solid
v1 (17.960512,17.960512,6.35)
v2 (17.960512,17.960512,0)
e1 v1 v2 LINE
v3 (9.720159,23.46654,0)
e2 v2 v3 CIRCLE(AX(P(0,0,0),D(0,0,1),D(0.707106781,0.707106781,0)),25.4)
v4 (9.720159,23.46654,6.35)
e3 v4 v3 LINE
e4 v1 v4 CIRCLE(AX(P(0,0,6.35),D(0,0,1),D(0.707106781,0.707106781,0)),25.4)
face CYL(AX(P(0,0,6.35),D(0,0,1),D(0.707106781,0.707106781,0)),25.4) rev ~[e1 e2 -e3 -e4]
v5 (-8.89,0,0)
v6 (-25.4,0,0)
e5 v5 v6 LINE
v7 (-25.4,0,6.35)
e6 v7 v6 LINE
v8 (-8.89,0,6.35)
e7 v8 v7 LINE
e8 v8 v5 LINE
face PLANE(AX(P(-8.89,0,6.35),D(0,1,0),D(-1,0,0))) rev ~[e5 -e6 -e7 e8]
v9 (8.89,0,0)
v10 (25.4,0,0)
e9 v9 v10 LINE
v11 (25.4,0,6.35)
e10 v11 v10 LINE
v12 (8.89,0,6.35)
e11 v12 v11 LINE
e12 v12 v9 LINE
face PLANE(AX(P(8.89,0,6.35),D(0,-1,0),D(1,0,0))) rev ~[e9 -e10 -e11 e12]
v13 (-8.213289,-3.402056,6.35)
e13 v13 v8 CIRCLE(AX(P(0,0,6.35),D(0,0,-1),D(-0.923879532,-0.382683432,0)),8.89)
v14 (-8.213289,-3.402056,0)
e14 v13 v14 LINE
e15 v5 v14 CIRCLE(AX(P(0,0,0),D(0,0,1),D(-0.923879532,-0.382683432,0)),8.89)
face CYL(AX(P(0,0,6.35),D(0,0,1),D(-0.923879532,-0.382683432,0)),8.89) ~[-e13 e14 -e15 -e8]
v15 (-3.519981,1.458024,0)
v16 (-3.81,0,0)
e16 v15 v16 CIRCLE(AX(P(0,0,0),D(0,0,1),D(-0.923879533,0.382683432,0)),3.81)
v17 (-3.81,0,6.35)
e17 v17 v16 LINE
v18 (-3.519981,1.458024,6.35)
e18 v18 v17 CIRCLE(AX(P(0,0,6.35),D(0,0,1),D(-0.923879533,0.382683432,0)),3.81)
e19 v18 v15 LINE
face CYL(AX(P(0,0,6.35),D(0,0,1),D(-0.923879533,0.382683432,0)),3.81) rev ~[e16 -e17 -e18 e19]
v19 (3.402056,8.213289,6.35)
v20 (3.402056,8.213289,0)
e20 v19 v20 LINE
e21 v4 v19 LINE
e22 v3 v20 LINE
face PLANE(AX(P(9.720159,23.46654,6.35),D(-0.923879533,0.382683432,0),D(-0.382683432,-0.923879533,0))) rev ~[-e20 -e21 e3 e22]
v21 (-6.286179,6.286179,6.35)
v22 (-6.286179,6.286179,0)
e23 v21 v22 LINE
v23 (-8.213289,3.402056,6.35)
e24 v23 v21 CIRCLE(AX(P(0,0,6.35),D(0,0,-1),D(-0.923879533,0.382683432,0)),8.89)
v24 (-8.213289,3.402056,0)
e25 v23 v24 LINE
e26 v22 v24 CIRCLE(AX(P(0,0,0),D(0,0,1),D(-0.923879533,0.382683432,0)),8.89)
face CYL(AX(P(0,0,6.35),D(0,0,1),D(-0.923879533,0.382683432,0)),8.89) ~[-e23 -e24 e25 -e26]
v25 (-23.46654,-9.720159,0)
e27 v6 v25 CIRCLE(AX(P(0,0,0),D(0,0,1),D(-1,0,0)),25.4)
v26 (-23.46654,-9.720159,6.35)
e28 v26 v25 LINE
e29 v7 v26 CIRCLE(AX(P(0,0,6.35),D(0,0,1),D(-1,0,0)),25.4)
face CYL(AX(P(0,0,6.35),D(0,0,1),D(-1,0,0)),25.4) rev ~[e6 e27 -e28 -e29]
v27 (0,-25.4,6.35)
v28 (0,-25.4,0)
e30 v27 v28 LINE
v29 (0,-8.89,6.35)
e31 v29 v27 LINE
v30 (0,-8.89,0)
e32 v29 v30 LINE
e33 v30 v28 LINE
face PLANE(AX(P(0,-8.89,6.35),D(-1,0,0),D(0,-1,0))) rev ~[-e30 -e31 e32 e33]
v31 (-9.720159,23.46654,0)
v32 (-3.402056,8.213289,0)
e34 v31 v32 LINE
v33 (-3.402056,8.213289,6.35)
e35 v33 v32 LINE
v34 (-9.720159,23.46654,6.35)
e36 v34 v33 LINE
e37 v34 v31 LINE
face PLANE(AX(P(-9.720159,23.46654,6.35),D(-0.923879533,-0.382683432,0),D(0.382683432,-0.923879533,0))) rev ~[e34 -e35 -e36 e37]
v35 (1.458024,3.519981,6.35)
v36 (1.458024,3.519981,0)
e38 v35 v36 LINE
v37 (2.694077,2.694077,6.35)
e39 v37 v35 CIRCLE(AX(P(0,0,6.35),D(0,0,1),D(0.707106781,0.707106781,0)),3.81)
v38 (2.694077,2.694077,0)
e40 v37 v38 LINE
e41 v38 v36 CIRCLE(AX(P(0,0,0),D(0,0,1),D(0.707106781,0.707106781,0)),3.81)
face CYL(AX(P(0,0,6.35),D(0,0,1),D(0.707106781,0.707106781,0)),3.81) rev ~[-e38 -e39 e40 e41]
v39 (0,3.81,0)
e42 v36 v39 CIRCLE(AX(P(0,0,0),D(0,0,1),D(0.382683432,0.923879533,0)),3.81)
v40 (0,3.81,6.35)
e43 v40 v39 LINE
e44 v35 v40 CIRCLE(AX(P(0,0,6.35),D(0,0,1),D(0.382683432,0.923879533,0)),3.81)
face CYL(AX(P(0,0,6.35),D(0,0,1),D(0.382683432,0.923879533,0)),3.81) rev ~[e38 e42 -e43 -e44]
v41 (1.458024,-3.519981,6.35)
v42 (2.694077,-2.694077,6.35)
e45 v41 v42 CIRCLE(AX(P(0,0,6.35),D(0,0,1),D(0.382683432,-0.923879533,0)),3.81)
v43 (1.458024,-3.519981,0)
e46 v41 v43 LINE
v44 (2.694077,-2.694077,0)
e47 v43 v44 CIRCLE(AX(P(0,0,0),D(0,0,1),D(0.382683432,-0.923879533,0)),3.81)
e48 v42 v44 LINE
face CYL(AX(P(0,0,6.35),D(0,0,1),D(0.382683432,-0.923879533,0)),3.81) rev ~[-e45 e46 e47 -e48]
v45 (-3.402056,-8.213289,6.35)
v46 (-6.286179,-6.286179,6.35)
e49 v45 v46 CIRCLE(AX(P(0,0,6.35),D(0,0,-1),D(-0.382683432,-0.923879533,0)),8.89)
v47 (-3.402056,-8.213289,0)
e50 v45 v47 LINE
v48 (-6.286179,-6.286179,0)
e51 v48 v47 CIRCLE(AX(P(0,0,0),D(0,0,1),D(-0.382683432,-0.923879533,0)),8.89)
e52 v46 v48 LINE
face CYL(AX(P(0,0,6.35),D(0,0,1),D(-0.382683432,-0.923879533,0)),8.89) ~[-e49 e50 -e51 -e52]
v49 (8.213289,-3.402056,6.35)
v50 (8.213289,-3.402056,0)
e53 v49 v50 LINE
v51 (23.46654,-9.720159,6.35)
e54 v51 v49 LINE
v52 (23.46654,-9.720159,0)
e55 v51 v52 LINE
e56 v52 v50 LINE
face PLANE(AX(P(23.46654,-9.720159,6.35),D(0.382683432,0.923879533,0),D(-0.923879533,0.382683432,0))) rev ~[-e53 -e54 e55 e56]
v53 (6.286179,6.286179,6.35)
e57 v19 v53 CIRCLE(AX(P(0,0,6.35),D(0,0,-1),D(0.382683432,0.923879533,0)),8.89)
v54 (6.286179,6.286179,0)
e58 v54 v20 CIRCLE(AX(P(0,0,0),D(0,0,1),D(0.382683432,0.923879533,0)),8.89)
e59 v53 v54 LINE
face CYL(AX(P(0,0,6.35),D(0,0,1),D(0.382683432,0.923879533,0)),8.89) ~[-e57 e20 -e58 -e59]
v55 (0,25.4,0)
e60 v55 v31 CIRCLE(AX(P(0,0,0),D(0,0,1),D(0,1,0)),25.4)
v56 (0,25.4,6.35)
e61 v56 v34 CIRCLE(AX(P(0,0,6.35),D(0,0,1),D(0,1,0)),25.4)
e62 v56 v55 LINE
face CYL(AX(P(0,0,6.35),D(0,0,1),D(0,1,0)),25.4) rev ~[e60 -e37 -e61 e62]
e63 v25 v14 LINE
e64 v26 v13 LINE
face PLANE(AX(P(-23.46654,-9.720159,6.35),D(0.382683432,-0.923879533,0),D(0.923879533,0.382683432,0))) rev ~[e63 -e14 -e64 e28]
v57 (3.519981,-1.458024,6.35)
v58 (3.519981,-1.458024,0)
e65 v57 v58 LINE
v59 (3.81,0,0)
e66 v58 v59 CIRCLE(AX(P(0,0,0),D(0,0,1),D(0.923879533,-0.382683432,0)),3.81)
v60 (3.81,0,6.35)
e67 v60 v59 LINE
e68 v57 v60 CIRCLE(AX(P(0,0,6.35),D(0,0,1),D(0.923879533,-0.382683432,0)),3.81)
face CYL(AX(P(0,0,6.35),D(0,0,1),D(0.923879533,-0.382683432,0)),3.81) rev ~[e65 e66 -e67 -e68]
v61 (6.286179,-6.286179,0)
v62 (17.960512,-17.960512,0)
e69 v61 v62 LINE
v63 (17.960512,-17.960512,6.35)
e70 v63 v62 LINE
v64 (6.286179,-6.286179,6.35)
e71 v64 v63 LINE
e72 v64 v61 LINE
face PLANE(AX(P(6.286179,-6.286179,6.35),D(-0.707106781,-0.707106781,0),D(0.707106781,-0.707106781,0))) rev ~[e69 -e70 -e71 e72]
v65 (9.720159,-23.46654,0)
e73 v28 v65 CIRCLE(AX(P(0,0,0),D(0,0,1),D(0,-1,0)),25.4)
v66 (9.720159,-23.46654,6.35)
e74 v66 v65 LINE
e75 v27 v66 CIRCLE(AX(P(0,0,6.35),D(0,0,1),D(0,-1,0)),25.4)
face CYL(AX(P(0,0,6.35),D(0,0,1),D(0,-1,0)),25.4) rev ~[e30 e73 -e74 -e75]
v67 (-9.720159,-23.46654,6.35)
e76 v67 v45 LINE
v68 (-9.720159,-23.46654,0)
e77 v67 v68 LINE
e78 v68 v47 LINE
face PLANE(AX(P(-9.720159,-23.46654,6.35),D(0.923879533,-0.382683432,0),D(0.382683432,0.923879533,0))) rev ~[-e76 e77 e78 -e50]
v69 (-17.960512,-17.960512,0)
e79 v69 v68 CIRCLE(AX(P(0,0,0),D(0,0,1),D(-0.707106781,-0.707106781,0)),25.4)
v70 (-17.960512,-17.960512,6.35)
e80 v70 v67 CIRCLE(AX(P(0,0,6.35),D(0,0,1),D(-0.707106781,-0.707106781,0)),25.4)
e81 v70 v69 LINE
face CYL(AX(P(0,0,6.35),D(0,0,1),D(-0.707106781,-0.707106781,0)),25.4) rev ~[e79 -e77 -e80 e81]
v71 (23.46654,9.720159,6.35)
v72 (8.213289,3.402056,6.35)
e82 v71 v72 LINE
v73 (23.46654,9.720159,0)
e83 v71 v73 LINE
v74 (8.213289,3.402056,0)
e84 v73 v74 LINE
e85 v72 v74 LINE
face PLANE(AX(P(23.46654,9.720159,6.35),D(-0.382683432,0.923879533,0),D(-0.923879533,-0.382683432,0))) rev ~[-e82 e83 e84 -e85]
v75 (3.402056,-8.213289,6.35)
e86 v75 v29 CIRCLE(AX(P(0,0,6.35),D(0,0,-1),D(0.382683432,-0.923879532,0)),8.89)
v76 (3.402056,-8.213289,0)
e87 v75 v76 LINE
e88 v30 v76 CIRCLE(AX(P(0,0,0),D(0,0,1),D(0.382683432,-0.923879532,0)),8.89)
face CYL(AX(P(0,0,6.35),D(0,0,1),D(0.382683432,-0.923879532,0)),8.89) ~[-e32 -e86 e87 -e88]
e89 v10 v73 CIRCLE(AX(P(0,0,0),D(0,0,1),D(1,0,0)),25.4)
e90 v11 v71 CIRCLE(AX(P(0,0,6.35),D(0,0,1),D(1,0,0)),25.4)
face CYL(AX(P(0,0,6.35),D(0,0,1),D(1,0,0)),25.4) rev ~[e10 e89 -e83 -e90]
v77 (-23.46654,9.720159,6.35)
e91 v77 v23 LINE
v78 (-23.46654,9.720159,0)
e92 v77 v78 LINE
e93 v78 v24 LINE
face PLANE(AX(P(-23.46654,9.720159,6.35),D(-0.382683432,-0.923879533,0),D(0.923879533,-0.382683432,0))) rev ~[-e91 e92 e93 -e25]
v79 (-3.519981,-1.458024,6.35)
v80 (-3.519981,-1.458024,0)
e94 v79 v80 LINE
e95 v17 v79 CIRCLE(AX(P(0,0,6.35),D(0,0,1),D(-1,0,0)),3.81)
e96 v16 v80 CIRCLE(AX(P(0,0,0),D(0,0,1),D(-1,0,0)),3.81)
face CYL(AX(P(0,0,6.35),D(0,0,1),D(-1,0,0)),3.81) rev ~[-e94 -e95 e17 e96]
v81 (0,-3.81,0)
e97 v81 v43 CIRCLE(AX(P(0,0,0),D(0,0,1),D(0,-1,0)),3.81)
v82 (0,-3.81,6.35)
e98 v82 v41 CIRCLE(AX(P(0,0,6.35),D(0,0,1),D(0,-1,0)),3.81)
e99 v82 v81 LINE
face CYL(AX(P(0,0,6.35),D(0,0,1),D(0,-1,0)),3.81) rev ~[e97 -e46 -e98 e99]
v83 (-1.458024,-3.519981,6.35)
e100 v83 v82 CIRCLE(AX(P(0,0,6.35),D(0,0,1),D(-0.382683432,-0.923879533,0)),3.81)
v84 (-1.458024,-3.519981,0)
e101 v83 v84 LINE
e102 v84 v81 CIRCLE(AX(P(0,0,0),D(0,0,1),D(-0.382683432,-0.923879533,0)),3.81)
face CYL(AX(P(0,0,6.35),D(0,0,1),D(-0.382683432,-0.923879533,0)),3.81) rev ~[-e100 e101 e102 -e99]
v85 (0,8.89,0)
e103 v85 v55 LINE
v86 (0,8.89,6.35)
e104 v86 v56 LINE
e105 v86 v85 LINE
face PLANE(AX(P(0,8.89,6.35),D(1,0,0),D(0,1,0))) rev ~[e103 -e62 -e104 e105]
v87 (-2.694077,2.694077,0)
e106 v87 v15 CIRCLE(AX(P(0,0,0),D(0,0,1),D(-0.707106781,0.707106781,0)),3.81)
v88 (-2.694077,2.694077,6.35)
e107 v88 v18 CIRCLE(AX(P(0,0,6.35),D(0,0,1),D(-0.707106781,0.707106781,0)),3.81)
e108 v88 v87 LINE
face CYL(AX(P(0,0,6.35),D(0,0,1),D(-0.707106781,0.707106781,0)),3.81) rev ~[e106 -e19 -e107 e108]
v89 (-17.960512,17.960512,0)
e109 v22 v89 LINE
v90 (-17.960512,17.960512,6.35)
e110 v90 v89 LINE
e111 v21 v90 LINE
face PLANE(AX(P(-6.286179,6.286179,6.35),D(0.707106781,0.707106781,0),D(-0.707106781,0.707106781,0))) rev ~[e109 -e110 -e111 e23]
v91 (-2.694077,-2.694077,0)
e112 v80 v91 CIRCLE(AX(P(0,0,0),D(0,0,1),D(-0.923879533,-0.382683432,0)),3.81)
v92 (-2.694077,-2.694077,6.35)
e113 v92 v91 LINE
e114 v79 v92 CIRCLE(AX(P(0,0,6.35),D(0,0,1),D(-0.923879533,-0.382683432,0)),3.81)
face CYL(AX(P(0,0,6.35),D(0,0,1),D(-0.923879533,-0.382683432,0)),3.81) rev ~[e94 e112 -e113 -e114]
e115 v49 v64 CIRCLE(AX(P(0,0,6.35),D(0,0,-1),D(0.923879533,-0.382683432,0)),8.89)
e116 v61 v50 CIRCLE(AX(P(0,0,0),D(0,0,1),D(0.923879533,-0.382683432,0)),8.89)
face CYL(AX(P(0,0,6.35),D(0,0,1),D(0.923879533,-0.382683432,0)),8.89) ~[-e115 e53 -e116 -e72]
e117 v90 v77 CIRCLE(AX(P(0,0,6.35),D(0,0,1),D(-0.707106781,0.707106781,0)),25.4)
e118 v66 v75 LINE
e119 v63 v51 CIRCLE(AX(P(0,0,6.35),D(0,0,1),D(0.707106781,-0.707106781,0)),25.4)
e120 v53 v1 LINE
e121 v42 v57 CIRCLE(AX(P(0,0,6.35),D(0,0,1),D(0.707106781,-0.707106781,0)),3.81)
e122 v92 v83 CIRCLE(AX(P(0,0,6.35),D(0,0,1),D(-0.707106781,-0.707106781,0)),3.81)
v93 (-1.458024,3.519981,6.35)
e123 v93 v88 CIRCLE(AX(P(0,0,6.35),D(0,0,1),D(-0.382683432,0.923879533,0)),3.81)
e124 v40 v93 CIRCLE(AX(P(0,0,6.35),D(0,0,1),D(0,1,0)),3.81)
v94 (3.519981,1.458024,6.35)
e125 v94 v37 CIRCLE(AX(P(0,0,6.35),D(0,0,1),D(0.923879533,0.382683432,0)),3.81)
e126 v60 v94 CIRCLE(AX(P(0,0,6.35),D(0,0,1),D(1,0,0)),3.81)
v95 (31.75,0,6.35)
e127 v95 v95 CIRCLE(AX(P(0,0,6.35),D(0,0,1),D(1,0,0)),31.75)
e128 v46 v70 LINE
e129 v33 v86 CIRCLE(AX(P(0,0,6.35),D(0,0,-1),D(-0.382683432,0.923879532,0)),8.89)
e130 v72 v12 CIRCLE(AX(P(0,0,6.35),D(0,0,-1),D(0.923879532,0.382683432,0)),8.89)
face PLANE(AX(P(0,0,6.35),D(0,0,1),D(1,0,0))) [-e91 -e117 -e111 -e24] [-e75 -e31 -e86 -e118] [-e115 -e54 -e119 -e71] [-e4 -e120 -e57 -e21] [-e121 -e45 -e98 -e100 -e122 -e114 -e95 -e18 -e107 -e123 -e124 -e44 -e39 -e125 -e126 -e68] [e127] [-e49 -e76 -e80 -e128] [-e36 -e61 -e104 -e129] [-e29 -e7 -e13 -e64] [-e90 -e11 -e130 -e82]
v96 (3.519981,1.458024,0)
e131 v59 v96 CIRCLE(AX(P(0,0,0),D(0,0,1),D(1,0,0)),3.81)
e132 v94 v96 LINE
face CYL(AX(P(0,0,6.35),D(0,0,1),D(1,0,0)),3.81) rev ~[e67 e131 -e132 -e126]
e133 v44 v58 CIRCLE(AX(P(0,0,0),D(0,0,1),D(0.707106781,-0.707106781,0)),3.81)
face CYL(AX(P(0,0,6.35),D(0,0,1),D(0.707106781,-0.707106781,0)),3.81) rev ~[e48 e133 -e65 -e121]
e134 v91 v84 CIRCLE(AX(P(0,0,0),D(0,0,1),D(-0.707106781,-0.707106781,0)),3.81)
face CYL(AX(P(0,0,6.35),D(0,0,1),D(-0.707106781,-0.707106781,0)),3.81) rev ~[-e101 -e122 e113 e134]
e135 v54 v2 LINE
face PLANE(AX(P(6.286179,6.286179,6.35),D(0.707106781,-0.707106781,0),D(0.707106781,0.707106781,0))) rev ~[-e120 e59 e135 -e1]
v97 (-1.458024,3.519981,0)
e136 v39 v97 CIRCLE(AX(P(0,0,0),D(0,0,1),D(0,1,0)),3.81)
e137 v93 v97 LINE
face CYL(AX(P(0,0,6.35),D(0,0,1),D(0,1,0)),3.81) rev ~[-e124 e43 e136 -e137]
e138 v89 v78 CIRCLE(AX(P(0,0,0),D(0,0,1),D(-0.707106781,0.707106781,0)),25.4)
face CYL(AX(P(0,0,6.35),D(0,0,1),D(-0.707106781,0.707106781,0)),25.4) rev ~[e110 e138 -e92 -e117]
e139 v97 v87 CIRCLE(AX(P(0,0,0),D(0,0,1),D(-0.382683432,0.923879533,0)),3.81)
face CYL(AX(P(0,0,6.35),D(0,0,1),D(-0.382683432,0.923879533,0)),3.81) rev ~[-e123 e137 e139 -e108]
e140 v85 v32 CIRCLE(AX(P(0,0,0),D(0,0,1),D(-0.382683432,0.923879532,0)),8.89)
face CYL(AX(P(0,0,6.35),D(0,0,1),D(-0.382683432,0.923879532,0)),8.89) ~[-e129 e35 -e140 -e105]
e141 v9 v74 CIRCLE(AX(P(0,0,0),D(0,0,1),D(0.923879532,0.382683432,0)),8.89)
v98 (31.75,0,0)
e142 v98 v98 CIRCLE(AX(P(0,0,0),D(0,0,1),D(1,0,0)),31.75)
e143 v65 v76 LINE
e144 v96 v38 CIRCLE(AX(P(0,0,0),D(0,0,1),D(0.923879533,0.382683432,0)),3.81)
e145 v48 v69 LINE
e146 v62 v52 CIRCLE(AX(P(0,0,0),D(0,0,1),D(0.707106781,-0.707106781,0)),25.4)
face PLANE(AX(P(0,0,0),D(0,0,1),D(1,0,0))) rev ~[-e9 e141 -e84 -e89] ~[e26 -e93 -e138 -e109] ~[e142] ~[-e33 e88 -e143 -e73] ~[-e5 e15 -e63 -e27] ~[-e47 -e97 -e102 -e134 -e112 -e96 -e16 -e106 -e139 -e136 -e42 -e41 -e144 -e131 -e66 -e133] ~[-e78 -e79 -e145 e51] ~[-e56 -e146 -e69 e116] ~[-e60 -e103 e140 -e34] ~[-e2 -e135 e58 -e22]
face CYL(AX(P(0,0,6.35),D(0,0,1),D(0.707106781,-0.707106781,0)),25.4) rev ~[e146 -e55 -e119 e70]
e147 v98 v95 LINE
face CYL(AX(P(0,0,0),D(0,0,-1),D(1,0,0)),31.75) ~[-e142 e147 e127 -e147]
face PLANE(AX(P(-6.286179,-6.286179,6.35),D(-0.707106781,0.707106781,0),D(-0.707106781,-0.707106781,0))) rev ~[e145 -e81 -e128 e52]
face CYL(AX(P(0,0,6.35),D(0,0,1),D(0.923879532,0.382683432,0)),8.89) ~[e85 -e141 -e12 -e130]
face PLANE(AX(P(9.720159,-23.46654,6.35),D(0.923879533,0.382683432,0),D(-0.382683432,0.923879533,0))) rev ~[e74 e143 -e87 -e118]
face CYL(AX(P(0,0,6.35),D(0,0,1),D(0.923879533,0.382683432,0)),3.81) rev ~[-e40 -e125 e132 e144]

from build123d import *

# Parameters (mm, degrees)
F0_R     = 31.75
F1_DEPTH = 6.35
F3_DEPTH = 25.4


with BuildPart() as f1:
    # F0 (on Top) → F1 (new body)
    with BuildSketch(Plane.XY):
        Circle(F0_R)
    extrude(amount=F1_DEPTH)

    # F2 (on face) → F3 (cut)
    with BuildSketch(Plane.XY.offset(6.35)):
        with BuildLine():
            Line((-1.4580238773, 3.5199810189), (0, 0))
            Line((0, 0), (0, 3.81))
            ThreePointArc((0, 3.81), (-0.7432941269, 3.7367919183), (-1.4580238773, 3.5199810189))
        make_face()
        with BuildLine():
            ThreePointArc((3.5199810189, -1.4580238773), (3.7367919183, -0.7432941269), (3.81, 0))
            Line((3.81, 0), (0, 0))
            Line((0, 0), (3.5199810189, -1.4580238773))
        make_face()
        with BuildLine():
            Line((1.4580238773, -3.5199810189), (0, 0))
            Line((0, 0), (0, -3.81))
            ThreePointArc((0, -3.81), (0.7432941269, -3.7367919183), (1.4580238773, -3.5199810189))
        make_face()
        with BuildLine():
            Line((-3.5199810189, -1.4580238773), (0, 0))
            Line((0, 0), (-3.81, 0))
            ThreePointArc((-3.81, 0), (-3.7367919183, -0.7432941269), (-3.5199810189, -1.4580238773))
        make_face()
        with BuildLine():
            Line((-3.81, 0), (0, 0))
            Line((0, 0), (-3.5199810189, 1.4580238773))
            ThreePointArc((-3.5199810189, 1.4580238773), (-3.7367919183, 0.7432941269), (-3.81, 0))
        make_face()
        with BuildLine():
            Line((0, 0), (3.81, 0))
            ThreePointArc((3.81, 0), (3.7367919183, 0.7432941269), (3.5199810189, 1.4580238773))
            Line((3.5199810189, 1.4580238773), (0, 0))
        make_face()
        with BuildLine():
            Line((0, 0), (3.5199810189, 1.4580238773))
            ThreePointArc((3.5199810189, 1.4580238773), (3.1678992229, 2.1167225878), (2.6940768363, 2.6940768363))
            Line((2.6940768363, 2.6940768363), (0, 0))
        make_face()
        with BuildLine():
            Line((1.4580238773, 3.5199810189), (0, 0))
            Line((0, 0), (2.6940768363, 2.6940768363))
            ThreePointArc((2.6940768363, 2.6940768363), (2.1167225878, 3.1678992229), (1.4580238773, 3.5199810189))
        make_face()
        with BuildLine():
            Line((0, 3.81), (0, 0))
            Line((0, 0), (1.4580238773, 3.5199810189))
            ThreePointArc((1.4580238773, 3.5199810189), (0.7432941269, 3.7367919183), (0, 3.81))
        make_face()
        with BuildLine():
            Line((-2.6940768363, 2.6940768363), (0, 0))
            Line((0, 0), (-1.4580238773, 3.5199810189))
            ThreePointArc((-1.4580238773, 3.5199810189), (-2.1167225878, 3.1678992229), (-2.6940768363, 2.6940768363))
        make_face()
        with BuildLine():
            Line((-3.5199810189, 1.4580238773), (0, 0))
            Line((0, 0), (-2.6940768363, 2.6940768363))
            ThreePointArc((-2.6940768363, 2.6940768363), (-3.1678992229, 2.1167225878), (-3.5199810189, 1.4580238773))
        make_face()
        with BuildLine():
            Line((-1.4580238773, -3.5199810189), (0, 0))
            Line((0, 0), (-2.6940768363, -2.6940768363))
            ThreePointArc((-2.6940768363, -2.6940768363), (-2.1167225878, -3.1678992229), (-1.4580238773, -3.5199810189))
        make_face()
        with BuildLine():
            Line((-2.6940768363, -2.6940768363), (0, 0))
            Line((0, 0), (-3.5199810189, -1.4580238773))
            ThreePointArc((-3.5199810189, -1.4580238773), (-3.1678992229, -2.1167225878), (-2.6940768363, -2.6940768363))
        make_face()
        with BuildLine():
            ThreePointArc((2.6940768363, -2.6940768363), (3.1678992229, -2.1167225878), (3.5199810189, -1.4580238773))
            Line((3.5199810189, -1.4580238773), (0, 0))
            Line((0, 0), (2.6940768363, -2.6940768363))
        make_face()
        with BuildLine():
            Line((2.6940768363, -2.6940768363), (0, 0))
            Line((0, 0), (1.4580238773, -3.5199810189))
            ThreePointArc((1.4580238773, -3.5199810189), (2.1167225878, -3.1678992229), (2.6940768363, -2.6940768363))
        make_face()
        with BuildLine():
            Line((0, -3.81), (0, 0))
            Line((0, 0), (-1.4580238773, -3.5199810189))
            ThreePointArc((-1.4580238773, -3.5199810189), (-0.7432941269, -3.7367919183), (0, -3.81))
        make_face()
        with BuildLine():
            ThreePointArc((-3.4020557137, 8.213289044), (-1.7343529627, 8.7191811428), (0, 8.89))
            Line((0, 8.89), (0, 25.4))
            ThreePointArc((0, 25.4), (-4.9552941792, 24.9119461222), (-9.7201591821, 23.4665401258))
            Line((-9.7201591821, 23.4665401258), (-3.4020557137, 8.213289044))
        make_face()
        with BuildLine():
            ThreePointArc((3.4020557137, 8.213289044), (4.9390193715, 7.3917648534), (6.2861792847, 6.2861792847))
            Line((6.2861792847, 6.2861792847), (17.9605122421, 17.9605122421))
            ThreePointArc((17.9605122421, 17.9605122421), (14.1114839187, 21.1193281525), (9.7201591821, 23.4665401258))
            Line((9.7201591821, 23.4665401258), (3.4020557137, 8.213289044))
        make_face()
        with BuildLine():
            ThreePointArc((8.213289044, 3.4020557137), (8.7191811428, 1.7343529627), (8.89, 0))
            Line((8.89, 0), (25.4, 0))
            ThreePointArc((25.4, 0), (24.9119461222, 4.9552941792), (23.4665401258, 9.7201591821))
            Line((23.4665401258, 9.7201591821), (8.213289044, 3.4020557137))
        make_face()
        with BuildLine():
            Line((23.4665401258, -9.7201591821), (8.213289044, -3.4020557137))
            ThreePointArc((8.213289044, -3.4020557137), (7.3917648534, -4.9390193715), (6.2861792847, -6.2861792847))
            Line((6.2861792847, -6.2861792847), (17.9605122421, -17.9605122421))
            ThreePointArc((17.9605122421, -17.9605122421), (21.1193281525, -14.1114839187), (23.4665401258, -9.7201591821))
        make_face()
        with BuildLine():
            ThreePointArc((3.4020557137, -8.213289044), (1.7343529627, -8.7191811428), (0, -8.89))
            Line((0, -8.89), (0, -25.4))
            ThreePointArc((0, -25.4), (4.9552941792, -24.9119461222), (9.7201591821, -23.4665401258))
            Line((9.7201591821, -23.4665401258), (3.4020557137, -8.213289044))
        make_face()
        with BuildLine():
            ThreePointArc((-3.4020557137, -8.213289044), (-4.9390193715, -7.3917648534), (-6.2861792847, -6.2861792847))
            Line((-6.2861792847, -6.2861792847), (-17.9605122421, -17.9605122421))
            ThreePointArc((-17.9605122421, -17.9605122421), (-14.1114839187, -21.1193281525), (-9.7201591821, -23.4665401258))
            Line((-9.7201591821, -23.4665401258), (-3.4020557137, -8.213289044))
        make_face()
        with BuildLine():
            ThreePointArc((-8.213289044, -3.4020557137), (-8.7191811428, -1.7343529627), (-8.89, 0))
            Line((-8.89, 0), (-25.4, 0))
            ThreePointArc((-25.4, 0), (-24.9119461222, -4.9552941792), (-23.4665401258, -9.7201591821))
            Line((-23.4665401258, -9.7201591821), (-8.213289044, -3.4020557137))
        make_face()
        with BuildLine():
            ThreePointArc((-8.213289044, 3.4020557137), (-7.3917648534, 4.9390193715), (-6.2861792847, 6.2861792847))
            Line((-6.2861792847, 6.2861792847), (-17.9605122421, 17.9605122421))
            ThreePointArc((-17.9605122421, 17.9605122421), (-21.1193281525, 14.1114839187), (-23.4665401258, 9.7201591821))
            Line((-23.4665401258, 9.7201591821), (-8.213289044, 3.4020557137))
        make_face()
    extrude(amount=-F3_DEPTH, mode=Mode.SUBTRACT)


solid = f1.part
